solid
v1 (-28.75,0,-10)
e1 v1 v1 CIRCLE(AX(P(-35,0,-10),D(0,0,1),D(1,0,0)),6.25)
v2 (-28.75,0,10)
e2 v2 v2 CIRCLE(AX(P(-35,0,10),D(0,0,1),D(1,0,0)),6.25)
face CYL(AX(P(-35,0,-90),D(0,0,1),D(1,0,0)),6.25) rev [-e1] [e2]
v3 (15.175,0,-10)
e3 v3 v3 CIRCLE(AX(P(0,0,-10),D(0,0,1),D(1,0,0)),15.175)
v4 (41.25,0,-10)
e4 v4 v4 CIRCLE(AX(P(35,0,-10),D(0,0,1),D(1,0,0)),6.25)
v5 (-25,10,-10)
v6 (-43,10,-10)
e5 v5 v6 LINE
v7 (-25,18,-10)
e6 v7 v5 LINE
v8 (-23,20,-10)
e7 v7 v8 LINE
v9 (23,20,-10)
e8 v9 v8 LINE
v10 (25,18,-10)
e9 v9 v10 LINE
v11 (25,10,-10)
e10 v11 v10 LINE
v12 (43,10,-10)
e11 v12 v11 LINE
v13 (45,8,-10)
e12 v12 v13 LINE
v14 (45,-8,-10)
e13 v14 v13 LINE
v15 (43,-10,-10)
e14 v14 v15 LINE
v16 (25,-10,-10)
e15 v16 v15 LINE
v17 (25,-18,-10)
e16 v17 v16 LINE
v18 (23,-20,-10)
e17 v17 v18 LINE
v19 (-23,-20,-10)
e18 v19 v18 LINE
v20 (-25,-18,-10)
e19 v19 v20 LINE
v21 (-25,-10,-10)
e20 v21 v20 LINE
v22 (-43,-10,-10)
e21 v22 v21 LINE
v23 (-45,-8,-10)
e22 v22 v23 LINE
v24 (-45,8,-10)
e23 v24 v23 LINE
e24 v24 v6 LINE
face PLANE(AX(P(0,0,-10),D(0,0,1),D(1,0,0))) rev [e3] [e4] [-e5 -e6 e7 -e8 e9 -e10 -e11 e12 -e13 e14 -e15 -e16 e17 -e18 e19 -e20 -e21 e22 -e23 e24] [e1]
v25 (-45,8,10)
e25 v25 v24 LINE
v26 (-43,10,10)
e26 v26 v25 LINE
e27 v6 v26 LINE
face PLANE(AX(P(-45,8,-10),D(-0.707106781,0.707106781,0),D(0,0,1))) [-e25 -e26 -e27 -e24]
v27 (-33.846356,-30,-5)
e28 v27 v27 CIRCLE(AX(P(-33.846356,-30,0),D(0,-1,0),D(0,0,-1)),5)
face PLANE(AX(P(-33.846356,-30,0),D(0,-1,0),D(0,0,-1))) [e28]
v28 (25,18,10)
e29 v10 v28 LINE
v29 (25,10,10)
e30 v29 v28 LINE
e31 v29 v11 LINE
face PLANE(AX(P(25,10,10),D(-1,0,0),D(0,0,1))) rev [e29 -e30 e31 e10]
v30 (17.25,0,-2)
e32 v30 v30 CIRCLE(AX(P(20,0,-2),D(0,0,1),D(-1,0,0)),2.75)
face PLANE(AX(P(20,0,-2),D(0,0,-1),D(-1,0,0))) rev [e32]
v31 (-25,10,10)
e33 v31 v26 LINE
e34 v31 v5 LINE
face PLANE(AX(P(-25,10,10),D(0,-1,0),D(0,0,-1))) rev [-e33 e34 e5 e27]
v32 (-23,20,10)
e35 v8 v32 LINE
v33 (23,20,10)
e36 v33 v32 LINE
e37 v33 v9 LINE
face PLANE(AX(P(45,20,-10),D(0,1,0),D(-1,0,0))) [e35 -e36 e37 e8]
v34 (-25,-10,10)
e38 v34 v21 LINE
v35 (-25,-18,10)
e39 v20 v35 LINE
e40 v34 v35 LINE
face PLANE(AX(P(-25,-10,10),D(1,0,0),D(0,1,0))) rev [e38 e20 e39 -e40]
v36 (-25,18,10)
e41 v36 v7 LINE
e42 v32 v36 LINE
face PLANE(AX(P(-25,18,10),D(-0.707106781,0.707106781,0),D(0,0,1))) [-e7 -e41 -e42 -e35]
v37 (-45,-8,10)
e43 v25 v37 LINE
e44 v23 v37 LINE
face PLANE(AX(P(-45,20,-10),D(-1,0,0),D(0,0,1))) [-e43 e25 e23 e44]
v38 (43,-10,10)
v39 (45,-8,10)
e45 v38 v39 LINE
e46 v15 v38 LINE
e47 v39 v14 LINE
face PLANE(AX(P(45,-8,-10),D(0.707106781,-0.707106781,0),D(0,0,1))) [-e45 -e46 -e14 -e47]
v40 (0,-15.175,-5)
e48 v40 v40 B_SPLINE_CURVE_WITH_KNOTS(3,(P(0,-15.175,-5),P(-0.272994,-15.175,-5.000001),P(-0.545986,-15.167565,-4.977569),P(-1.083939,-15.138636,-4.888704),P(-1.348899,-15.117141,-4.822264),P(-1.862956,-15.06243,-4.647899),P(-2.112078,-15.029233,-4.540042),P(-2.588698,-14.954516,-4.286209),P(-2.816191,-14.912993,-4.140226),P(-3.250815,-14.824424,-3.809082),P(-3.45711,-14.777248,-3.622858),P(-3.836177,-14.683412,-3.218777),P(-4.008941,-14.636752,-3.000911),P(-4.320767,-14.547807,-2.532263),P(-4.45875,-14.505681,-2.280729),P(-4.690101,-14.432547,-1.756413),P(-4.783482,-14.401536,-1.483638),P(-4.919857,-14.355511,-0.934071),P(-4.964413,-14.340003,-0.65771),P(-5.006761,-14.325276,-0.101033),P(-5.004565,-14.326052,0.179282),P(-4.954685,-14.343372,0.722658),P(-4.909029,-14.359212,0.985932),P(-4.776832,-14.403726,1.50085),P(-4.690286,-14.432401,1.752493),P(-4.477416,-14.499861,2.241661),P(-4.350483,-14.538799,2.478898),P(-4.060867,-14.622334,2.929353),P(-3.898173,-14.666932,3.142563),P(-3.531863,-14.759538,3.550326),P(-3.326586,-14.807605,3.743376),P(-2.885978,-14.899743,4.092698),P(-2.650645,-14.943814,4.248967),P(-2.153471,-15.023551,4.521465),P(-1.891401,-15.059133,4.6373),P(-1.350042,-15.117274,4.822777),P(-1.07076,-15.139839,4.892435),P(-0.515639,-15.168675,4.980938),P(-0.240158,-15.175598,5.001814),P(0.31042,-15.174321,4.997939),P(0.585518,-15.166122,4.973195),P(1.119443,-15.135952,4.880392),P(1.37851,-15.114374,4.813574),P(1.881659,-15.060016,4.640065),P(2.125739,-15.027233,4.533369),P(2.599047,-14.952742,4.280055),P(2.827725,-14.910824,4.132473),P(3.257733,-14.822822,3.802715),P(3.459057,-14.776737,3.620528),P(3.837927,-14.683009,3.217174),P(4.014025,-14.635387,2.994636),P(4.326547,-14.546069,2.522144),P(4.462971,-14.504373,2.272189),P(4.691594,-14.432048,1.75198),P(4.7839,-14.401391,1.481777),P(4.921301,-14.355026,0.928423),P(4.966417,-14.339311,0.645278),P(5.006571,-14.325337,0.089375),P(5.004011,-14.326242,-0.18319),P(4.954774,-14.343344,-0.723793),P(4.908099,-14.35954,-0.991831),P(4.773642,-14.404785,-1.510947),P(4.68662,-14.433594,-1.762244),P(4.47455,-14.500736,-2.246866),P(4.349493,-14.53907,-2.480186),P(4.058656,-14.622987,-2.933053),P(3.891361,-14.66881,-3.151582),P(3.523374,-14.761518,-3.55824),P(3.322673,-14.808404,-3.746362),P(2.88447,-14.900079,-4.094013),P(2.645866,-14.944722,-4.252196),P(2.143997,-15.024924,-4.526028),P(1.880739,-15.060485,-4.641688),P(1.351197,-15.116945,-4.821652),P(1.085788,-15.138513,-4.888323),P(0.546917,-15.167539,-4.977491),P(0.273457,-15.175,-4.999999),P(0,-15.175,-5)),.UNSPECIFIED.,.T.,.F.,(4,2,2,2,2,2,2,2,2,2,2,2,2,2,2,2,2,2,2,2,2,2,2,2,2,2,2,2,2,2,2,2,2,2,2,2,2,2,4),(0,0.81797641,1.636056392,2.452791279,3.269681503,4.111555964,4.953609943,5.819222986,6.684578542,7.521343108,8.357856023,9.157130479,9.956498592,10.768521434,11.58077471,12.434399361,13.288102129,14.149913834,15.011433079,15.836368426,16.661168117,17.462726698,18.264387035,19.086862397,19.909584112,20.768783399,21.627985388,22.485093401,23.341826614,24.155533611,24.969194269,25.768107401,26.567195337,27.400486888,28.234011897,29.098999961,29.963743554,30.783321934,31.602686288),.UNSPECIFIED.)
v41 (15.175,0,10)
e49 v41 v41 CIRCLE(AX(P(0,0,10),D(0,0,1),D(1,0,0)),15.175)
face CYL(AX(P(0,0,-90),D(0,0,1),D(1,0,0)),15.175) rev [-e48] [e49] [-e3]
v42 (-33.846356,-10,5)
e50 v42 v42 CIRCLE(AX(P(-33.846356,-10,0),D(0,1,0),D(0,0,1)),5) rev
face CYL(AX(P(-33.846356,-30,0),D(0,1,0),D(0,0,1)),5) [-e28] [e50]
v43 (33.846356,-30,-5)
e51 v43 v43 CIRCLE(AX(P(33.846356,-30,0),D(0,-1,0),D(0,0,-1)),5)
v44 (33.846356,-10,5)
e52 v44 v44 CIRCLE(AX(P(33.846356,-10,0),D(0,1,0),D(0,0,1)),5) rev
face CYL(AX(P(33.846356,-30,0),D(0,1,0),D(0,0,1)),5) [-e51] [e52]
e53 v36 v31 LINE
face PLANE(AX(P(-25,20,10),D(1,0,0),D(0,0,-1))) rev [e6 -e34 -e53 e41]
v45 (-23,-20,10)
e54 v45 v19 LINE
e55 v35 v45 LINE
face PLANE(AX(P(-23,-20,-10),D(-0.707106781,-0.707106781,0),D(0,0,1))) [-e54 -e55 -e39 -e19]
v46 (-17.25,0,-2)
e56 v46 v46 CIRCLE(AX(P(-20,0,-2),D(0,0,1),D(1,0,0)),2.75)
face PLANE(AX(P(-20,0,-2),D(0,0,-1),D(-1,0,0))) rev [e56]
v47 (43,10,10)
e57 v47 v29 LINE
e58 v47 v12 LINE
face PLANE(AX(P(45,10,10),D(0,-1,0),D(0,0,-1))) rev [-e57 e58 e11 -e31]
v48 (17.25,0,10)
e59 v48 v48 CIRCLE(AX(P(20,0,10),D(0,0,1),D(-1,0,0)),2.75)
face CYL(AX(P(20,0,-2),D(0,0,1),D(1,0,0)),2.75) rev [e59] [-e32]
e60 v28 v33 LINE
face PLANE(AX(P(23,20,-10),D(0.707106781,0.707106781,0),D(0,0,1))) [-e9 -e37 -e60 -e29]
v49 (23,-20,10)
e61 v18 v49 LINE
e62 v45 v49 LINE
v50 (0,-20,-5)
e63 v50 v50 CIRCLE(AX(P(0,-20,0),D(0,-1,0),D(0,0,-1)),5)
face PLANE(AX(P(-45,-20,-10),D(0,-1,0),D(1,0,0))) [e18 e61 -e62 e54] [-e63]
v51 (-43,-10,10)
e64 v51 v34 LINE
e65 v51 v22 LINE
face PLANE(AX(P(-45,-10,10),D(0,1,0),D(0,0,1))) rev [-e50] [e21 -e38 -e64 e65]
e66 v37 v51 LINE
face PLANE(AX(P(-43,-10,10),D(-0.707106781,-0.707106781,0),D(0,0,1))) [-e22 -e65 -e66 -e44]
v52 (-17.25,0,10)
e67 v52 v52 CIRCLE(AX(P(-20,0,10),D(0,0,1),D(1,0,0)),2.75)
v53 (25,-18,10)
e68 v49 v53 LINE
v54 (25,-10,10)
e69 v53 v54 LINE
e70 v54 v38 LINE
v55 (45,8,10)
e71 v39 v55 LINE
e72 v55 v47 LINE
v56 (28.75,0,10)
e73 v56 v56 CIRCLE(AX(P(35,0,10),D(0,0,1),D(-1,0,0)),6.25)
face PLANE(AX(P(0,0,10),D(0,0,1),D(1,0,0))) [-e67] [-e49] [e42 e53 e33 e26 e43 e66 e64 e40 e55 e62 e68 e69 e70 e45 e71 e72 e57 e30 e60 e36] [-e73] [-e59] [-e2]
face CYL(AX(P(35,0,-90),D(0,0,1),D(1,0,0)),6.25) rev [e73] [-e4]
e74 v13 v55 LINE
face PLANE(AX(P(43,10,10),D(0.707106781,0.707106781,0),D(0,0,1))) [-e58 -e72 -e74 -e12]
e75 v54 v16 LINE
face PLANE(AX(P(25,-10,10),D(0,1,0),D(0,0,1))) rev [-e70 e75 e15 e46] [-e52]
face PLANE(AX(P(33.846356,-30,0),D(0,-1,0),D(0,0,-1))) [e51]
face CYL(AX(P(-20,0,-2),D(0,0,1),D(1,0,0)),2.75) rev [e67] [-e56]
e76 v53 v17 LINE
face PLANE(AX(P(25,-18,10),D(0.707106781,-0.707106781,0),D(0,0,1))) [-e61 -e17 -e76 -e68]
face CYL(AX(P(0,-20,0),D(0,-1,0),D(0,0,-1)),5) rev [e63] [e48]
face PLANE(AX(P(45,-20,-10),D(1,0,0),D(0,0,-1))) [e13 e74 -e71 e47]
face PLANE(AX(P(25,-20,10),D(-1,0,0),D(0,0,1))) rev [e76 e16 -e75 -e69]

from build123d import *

# Parameters (mm, degrees)
SKETCH1_W                       = 90
SKETCH1_H                       = 40
BOSS_EXTRUDE1_DEPTH             = 20
SKETCH2_W                       = 20
SKETCH2_H                       = 10
CUT_EXTRUDE1_DEPTH              = 54.150729064
SKETCH3_W                       = 20
SKETCH3_H                       = 10
CUT_EXTRUDE2_DEPTH              = 54.150729064
SKETCH4_W                       = 20
SKETCH4_H                       = 10
CUT_EXTRUDE3_DEPTH              = 54.150729064
SKETCH5_W                       = 20
SKETCH5_H                       = 10
CUT_EXTRUDE4_DEPTH              = 54.150729064
F_5_0_5_DIAMETER_HOLE1_D        = 5
F_5_0_5_DIAMETER_HOLE1_DEPTH    = 12
M27_CLEARANCE_HOLE1_D           = 29.849192884
F_10_0_10_DIAMETER_HOLE1_REACH  = 63.033
F_10_0_10_DIAMETER_HOLE1_BORE_R = 5
F_12_0_12_DIAMETER_HOLE1_D      = 12
CHAMFER1_SIZE                   = 2
SKETCH18_R                      = 6.25
CUT_EXTRUDE6_DEPTH              = 100
SKETCH20_R                      = 15.175
CUT_EXTRUDE7_DEPTH              = 100
SKETCH21_R                      = 2.75
CUT_EXTRUDE8_DEPTH              = 12
SKETCH23_R                      = 5
BOSS_EXTRUDE2_DEPTH             = 20


with BuildPart() as part:
    # Sketch1 → Boss-Extrude1 (new body)
    with BuildSketch(Plane.XY.offset(10)):
        Rectangle(SKETCH1_W, SKETCH1_H)
    extrude(amount=-BOSS_EXTRUDE1_DEPTH)

    # Sketch2 → Cut-Extrude1 (cut, through all)
    with BuildSketch(Plane(origin=(0, 0, -10), x_dir=(-1, 0, 0), z_dir=(0, 0, -1))):
        with Locations((35, 15)):
            Rectangle(SKETCH2_W, SKETCH2_H)
    extrude(amount=-CUT_EXTRUDE1_DEPTH, mode=Mode.SUBTRACT)

    # Sketch3 → Cut-Extrude2 (cut, through all)
    with BuildSketch(Plane(origin=(0, 0, -10), x_dir=(-1, 0, 0), z_dir=(0, 0, -1))):
        with Locations((35, -15)):
            Rectangle(SKETCH3_W, SKETCH3_H)
    extrude(amount=-CUT_EXTRUDE2_DEPTH, mode=Mode.SUBTRACT)

    # Sketch4 → Cut-Extrude3 (cut, through all)
    with BuildSketch(Plane(origin=(0, 0, -10), x_dir=(-1, 0, 0), z_dir=(0, 0, -1))):
        with Locations((-35, -15)):
            Rectangle(SKETCH4_W, SKETCH4_H)
    extrude(amount=-CUT_EXTRUDE3_DEPTH, mode=Mode.SUBTRACT)

    # Sketch5 → Cut-Extrude4 (cut, through all)
    with BuildSketch(Plane(origin=(0, 0, -10), x_dir=(-1, 0, 0), z_dir=(0, 0, -1))):
        with Locations((-35, 15)):
            Rectangle(SKETCH5_W, SKETCH5_H)
    extrude(amount=-CUT_EXTRUDE4_DEPTH, mode=Mode.SUBTRACT)

    # Ø5.0 (5) Diameter Hole1
    with Locations(Plane.XY.offset(10)):
        with Locations((20, 0), (-20, 0)):
            Hole(F_5_0_5_DIAMETER_HOLE1_D / 2, depth=F_5_0_5_DIAMETER_HOLE1_DEPTH)

    # M27 Clearance Hole1 (through all)
    with Locations(Plane.XY.offset(10)):
        with Locations((0, 0)):
            Hole(M27_CLEARANCE_HOLE1_D / 2)

    # Ø10.0 (10) Diameter Hole1 bore → Ø10.0 (10) Diameter Hole1 (cut, up to next)
    with BuildSketch(Plane(origin=(0, -20, 0), x_dir=(-1, 0, 0), z_dir=(0, -1, 0)), mode=Mode.PRIVATE) as f_10_0_10_diameter_hole1_sk1:
        Circle(F_10_0_10_DIAMETER_HOLE1_BORE_R)
    f_10_0_10_diameter_hole1_tool1 = extrude(f_10_0_10_diameter_hole1_sk1.sketch, amount=-F_10_0_10_DIAMETER_HOLE1_REACH, mode=Mode.PRIVATE) & part.part
    add(f_10_0_10_diameter_hole1_tool1.solids().sort_by_distance((0, -20, 0))[0], mode=Mode.SUBTRACT)

    # Ø12.0 (12) Diameter Hole1 (through all)
    with Locations(Plane(origin=(0, 0, -10), x_dir=(-1, 0, 0), z_dir=(0, 0, -1))):
        with Locations((35, 0), (-35, 0)):
            Hole(F_12_0_12_DIAMETER_HOLE1_D / 2)

    # Chamfer1
    chamfer1_edges = [part.edges().sort_by_distance(p)[0] for p in [
        (-25, 20, 0),
        (-45, 10, 0),
        (-45, -10, 0),
        (-25, -20, 0),
        (25, -20, 0),
        (45, -10, 0),
        (45, 10, 0),
        (25, 20, 0),
    ]]
    chamfer(chamfer1_edges, length=CHAMFER1_SIZE)

    # Sketch18 → Cut-Extrude6 (cut)
    with BuildSketch(Plane.XY.offset(10)):
        with Locations((-35, 0)):
            Circle(SKETCH18_R)
        with Locations((35, 0)):
            Circle(SKETCH18_R)
    extrude(amount=-CUT_EXTRUDE6_DEPTH, mode=Mode.SUBTRACT)

    # Sketch20 → Cut-Extrude7 (cut)
    with BuildSketch(Plane.XY.offset(10)):
        Circle(SKETCH20_R)
    extrude(amount=-CUT_EXTRUDE7_DEPTH, mode=Mode.SUBTRACT)

    # Sketch21 → Cut-Extrude8 (cut)
    with BuildSketch(Plane.XY.offset(10)):
        with Locations((-20, 0)):
            Circle(SKETCH21_R)
        with Locations(Location((20, 0, 0), (0, 0, 180))):
            Circle(SKETCH21_R)
    extrude(amount=-CUT_EXTRUDE8_DEPTH, mode=Mode.SUBTRACT)

    # Sketch23 → Boss-Extrude2 (add)
    with BuildSketch(Plane.XZ.offset(10)):
        with Locations(Location((-33.846356211, 0, 0), (0, 0, 90))):
            Circle(SKETCH23_R)
        with Locations(Location((33.846356211, 0, 0), (0, 0, 90))):
            Circle(SKETCH23_R)
    extrude(amount=BOSS_EXTRUDE2_DEPTH)


solid = part.part
